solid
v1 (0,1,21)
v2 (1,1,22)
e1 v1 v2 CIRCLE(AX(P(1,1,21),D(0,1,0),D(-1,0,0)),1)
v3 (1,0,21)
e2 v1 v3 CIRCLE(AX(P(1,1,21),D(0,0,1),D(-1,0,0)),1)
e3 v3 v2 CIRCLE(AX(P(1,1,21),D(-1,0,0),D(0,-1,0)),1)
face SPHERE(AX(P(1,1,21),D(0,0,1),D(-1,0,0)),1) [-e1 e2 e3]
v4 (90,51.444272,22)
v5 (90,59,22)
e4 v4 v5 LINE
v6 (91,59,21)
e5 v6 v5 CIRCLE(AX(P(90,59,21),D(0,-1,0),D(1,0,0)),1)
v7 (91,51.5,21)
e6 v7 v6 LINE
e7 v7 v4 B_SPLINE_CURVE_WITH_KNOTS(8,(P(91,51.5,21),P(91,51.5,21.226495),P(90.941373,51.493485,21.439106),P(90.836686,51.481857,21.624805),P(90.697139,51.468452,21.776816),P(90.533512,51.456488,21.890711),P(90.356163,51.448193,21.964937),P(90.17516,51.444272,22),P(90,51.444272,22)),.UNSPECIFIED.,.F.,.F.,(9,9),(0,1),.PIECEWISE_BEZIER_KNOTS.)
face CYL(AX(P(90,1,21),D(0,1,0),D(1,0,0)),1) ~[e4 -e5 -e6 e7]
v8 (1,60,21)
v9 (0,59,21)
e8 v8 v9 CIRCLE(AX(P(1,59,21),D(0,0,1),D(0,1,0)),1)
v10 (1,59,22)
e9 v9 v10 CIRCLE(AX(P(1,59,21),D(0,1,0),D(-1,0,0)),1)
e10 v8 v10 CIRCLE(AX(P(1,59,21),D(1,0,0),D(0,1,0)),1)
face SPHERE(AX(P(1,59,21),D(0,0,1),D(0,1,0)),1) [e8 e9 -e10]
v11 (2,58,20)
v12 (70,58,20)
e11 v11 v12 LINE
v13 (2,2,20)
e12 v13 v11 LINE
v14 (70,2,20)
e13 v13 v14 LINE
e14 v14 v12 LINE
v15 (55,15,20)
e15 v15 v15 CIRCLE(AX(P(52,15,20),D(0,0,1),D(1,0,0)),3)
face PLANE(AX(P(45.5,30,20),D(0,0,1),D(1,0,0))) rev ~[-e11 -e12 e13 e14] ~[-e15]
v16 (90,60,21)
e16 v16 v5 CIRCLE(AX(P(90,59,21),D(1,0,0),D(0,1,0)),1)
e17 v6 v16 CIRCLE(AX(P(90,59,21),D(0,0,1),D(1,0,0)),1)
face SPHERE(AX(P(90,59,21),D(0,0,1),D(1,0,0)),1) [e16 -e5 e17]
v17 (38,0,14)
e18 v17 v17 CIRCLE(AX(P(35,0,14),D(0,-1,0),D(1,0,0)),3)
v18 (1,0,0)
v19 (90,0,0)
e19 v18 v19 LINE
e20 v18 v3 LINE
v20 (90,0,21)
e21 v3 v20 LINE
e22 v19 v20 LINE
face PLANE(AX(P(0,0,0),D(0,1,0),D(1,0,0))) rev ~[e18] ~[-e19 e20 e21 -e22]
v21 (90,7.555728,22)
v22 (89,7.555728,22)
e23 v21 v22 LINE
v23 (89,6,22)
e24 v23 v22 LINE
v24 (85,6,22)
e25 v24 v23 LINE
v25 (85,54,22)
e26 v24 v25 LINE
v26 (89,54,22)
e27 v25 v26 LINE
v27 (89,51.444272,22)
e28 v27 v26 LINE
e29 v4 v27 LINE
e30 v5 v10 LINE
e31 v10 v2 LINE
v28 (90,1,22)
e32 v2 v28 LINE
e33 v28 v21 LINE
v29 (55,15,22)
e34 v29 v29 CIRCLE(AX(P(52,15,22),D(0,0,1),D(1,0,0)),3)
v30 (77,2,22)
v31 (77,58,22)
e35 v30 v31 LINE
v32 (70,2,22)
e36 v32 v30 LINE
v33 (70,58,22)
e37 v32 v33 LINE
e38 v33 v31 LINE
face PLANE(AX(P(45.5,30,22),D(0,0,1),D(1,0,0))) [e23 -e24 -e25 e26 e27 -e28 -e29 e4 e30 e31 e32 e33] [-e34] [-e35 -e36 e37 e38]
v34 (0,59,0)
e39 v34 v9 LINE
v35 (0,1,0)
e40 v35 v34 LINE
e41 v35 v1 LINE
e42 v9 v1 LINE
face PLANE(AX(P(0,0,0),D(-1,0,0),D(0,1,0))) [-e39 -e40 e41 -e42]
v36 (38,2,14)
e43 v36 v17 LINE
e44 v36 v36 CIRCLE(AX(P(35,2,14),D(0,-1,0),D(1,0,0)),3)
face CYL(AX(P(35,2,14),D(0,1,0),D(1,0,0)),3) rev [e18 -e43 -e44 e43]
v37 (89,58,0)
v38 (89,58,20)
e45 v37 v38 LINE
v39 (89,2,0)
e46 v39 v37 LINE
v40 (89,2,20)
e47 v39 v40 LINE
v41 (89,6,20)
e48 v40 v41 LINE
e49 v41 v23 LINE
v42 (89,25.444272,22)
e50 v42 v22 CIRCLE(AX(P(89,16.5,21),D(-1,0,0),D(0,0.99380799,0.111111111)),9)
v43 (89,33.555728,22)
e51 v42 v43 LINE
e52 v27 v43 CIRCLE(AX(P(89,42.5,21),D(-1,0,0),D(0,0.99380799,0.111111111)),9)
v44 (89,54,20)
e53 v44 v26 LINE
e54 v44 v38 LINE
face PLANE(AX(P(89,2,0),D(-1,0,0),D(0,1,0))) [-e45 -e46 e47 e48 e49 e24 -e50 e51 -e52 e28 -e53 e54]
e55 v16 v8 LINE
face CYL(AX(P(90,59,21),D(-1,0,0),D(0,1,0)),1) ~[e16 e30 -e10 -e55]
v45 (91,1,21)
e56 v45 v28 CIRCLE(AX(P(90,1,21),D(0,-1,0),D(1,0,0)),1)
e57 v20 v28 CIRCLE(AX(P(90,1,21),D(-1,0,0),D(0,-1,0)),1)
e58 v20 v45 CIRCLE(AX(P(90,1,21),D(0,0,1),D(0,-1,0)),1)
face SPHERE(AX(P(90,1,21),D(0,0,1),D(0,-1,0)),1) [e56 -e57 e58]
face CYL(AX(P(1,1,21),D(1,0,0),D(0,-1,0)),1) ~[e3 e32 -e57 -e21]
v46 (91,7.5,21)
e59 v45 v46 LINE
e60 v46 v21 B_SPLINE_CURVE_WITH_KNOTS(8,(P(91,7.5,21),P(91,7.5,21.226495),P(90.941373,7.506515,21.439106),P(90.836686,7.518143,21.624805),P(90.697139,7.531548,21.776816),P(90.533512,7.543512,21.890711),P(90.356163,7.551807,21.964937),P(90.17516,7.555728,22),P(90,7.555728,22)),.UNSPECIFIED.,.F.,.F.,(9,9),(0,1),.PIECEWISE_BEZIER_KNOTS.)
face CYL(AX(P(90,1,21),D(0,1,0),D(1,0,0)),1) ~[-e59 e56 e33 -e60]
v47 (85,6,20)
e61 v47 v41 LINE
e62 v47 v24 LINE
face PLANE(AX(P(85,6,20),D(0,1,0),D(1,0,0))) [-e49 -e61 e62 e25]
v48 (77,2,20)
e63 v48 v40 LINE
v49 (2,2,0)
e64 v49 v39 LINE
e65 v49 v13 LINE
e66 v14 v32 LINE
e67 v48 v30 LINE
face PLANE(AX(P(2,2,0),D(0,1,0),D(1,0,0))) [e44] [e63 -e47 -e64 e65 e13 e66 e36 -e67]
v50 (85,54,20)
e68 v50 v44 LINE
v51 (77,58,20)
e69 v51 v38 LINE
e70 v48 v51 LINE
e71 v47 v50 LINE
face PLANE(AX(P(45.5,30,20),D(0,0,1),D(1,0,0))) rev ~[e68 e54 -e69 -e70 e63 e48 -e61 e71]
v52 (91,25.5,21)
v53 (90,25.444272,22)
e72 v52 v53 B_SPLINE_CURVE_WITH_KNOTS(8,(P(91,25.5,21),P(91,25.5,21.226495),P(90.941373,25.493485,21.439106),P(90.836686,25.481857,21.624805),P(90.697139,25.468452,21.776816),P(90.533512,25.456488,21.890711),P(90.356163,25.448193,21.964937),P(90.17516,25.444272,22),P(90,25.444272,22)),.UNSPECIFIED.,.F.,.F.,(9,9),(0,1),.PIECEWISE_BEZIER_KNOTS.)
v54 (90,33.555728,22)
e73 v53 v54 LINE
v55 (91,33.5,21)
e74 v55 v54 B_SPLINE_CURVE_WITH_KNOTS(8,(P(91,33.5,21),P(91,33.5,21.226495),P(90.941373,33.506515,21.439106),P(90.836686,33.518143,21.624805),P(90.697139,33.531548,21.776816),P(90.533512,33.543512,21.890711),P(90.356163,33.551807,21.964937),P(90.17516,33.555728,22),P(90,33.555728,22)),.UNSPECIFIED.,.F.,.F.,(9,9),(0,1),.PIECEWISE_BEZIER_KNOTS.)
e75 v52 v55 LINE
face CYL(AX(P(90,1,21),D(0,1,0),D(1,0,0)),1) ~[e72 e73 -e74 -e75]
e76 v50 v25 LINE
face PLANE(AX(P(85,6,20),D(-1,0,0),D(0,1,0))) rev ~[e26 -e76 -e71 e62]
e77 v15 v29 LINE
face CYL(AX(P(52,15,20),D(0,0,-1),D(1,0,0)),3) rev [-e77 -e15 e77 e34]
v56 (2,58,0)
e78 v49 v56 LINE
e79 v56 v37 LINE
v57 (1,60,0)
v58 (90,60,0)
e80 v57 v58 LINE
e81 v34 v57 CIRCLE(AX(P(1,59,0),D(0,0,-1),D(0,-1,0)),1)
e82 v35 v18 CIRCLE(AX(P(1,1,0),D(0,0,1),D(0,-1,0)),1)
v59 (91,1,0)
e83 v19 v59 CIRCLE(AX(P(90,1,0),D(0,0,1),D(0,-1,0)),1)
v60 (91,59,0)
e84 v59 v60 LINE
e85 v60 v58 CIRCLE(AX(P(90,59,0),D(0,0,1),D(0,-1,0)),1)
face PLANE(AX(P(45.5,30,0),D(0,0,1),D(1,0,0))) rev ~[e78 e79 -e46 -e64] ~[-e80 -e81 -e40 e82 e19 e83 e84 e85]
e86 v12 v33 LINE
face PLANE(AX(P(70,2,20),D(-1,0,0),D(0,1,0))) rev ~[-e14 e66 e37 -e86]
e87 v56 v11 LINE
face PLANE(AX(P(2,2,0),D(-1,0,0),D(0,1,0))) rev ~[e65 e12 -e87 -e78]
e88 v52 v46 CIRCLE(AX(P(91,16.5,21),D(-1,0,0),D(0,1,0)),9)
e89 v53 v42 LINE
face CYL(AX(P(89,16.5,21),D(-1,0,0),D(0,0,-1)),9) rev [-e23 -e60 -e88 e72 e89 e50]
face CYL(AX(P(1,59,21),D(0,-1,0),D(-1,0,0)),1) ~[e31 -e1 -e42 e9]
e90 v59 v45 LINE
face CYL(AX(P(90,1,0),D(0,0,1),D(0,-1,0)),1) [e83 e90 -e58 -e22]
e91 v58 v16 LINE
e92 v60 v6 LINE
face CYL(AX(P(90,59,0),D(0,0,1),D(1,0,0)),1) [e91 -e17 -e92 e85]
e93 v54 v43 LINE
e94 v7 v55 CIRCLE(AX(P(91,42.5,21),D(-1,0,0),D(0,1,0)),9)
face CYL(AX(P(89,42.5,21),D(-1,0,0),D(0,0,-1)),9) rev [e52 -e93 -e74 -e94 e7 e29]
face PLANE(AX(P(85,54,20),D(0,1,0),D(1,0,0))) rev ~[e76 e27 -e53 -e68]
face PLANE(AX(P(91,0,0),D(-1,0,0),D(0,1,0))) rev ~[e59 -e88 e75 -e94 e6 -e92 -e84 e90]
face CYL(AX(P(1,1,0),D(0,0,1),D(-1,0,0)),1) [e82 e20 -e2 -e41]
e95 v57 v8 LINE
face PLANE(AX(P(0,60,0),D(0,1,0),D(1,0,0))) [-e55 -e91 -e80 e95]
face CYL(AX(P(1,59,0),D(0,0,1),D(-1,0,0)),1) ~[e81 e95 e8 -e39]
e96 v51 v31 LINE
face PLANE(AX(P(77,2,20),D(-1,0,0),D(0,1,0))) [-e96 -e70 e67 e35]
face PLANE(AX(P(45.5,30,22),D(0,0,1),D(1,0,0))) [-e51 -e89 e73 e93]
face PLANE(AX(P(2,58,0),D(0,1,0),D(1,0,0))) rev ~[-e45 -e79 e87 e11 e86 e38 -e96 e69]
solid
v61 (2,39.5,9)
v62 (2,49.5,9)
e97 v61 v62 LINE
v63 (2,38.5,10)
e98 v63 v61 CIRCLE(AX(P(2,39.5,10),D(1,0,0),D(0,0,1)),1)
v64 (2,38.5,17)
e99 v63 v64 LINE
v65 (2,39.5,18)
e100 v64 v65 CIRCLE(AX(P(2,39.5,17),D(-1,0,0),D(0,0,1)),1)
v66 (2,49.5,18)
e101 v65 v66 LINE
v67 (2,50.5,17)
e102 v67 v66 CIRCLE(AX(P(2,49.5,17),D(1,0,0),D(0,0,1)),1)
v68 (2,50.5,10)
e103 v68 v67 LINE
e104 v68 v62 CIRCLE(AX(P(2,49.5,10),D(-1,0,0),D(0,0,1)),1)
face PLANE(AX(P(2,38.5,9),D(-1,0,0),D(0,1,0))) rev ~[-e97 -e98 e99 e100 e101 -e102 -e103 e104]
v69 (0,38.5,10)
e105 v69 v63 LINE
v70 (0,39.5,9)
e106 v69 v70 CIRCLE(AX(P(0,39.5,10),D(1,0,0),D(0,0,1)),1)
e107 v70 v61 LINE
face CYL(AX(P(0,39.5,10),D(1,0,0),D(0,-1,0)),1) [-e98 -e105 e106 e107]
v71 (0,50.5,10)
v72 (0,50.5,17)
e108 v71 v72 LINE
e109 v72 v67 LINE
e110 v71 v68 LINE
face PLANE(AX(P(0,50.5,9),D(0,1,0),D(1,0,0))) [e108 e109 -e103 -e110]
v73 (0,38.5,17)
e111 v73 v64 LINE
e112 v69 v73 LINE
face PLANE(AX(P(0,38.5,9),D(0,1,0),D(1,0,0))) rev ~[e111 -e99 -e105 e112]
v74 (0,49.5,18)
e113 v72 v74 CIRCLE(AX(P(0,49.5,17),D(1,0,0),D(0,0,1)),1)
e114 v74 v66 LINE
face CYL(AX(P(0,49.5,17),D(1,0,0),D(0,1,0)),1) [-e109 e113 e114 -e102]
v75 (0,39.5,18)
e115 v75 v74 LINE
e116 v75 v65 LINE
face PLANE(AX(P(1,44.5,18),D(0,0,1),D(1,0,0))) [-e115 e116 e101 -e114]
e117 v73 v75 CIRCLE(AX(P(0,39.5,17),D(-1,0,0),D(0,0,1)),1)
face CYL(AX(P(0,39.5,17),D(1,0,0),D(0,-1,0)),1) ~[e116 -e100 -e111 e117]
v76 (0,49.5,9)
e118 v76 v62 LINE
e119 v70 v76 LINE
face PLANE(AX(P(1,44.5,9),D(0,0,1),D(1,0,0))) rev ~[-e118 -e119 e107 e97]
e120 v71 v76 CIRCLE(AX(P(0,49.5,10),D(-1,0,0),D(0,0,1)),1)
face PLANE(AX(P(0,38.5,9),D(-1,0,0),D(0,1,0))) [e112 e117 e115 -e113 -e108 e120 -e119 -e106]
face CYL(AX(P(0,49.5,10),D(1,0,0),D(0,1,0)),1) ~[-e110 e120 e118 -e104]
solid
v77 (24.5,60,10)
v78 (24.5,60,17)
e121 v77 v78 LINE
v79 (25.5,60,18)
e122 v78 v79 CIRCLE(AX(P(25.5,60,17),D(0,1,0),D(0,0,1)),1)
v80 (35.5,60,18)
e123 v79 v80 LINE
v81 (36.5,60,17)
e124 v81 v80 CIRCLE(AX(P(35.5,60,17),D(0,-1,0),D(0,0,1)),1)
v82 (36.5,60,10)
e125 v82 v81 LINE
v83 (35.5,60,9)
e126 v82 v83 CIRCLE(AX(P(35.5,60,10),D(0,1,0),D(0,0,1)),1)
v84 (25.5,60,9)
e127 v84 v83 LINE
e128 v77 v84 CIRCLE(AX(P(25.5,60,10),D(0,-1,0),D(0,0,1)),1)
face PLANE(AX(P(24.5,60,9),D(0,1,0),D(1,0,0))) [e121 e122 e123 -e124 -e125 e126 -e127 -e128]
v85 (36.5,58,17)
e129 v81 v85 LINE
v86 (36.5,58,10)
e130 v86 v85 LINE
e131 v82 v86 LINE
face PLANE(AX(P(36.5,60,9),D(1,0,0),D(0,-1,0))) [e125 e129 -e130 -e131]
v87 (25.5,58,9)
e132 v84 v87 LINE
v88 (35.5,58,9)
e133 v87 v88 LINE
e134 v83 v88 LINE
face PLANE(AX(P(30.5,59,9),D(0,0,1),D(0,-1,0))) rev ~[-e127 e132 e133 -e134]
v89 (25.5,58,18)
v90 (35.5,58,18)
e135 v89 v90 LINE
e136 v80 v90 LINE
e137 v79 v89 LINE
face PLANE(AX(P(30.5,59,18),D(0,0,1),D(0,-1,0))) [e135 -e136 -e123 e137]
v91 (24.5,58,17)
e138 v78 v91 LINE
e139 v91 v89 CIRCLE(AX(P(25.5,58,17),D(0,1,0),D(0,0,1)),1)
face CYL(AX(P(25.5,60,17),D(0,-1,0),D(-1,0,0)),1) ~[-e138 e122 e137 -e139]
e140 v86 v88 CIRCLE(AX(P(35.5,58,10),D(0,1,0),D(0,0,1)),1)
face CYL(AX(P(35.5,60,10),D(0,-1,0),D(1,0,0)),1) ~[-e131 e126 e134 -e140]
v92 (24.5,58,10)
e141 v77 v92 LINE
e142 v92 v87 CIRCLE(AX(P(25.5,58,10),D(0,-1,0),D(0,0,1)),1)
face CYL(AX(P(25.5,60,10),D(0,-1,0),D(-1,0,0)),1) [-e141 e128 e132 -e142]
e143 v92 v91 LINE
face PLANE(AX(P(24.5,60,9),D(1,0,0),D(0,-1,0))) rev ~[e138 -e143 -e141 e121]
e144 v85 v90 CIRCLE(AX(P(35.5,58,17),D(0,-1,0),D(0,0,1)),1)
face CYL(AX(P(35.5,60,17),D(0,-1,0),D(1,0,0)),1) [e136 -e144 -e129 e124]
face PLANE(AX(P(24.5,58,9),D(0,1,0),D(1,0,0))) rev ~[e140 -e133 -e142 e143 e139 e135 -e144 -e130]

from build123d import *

# Parameters (mm, degrees)
CYLINDER_R                = 3
CYLINDER_DEPTH            = 2
CYLINDER_ROLL_ANGLE       = 90
CYLINDER002_R             = 9
CYLINDER002_DEPTH         = 2
CYLINDER002_PITCH_ANGLE   = 90
CYLINDER003_R             = 9
CYLINDER003_DEPTH         = 2
CYLINDER003_PITCH_ANGLE   = 90
BOX003_W                  = 4
BOX003_H                  = 48
BOX003_DEPTH              = 2
BOX002_W                  = 7
BOX002_H                  = 56
BOX002_DEPTH              = 2
CYLINDER001_R             = 3
CYLINDER001_DEPTH         = 2
BOX001_W                  = 87
BOX001_H                  = 56
BOX001_DEPTH              = 20
BOX_W                     = 91
BOX_H                     = 60
BOX_DEPTH                 = 22
FILLET_R                  = 1
FILLET001_R               = 1
FILLET002_R               = 1
FILLET003_R               = 1
FILLET004_R               = 1
BOX004_W                  = 2
BOX004_H                  = 12
BOX004_DEPTH              = 9
FILLET005_R               = 1
BOX005_W                  = 2
BOX005_H                  = 12
BOX005_DEPTH              = 9
FILLET006_R               = 1
FILLET006_PLACEMENT_ANGLE = -90


with BuildPart() as cilindro:
    # Cylinder → Cylinder (new body)
    with BuildSketch(Plane.XY):
        Circle(CYLINDER_R)
    extrude(amount=CYLINDER_DEPTH)


with BuildPart() as cilindro_1:
    # Cylinder roll: moved
    add(cilindro.part.rotate(Axis((0, 0, 0), (1, 0, 0)), CYLINDER_ROLL_ANGLE))


with BuildPart() as cilindro_2:
    # Cylinder placement: moved
    add(cilindro_1.part.moved(Location((35, 2, 14))))


with BuildPart() as cilindro002:
    # Cylinder002 → Cylinder002 (new body)
    with BuildSketch(Plane.XY):
        Circle(CYLINDER002_R)
    extrude(amount=CYLINDER002_DEPTH)


with BuildPart() as cilindro002_1:
    # Cylinder002 pitch: moved
    add(cilindro002.part.rotate(Axis((0, 0, 0), (0, 1, 0)), CYLINDER002_PITCH_ANGLE))


with BuildPart() as cilindro002_2:
    # Cylinder002 placement: moved
    add(cilindro002_1.part.moved(Location((89, 16.5, 21))))


with BuildPart() as cilindro003:
    # Cylinder003 → Cylinder003 (new body)
    with BuildSketch(Plane.XY):
        Circle(CYLINDER003_R)
    extrude(amount=CYLINDER003_DEPTH)


with BuildPart() as cilindro003_1:
    # Cylinder003 pitch: moved
    add(cilindro003.part.rotate(Axis((0, 0, 0), (0, 1, 0)), CYLINDER003_PITCH_ANGLE))


with BuildPart() as cilindro003_2:
    # Cylinder003 placement: moved
    add(cilindro003_1.part.moved(Location((89, 42.5, 21))))


with BuildPart() as cubo001:
    # Box003 → Box003 (new body)
    with BuildSketch(Plane(origin=(85, 6, 20), x_dir=(1, 0, 0), z_dir=(0, 0, 1))):
        with Locations((2, 24)):
            Rectangle(BOX003_W, BOX003_H)
    extrude(amount=BOX003_DEPTH)


with BuildPart() as cubo:
    # Box002 → Box002 (new body)
    with BuildSketch(Plane(origin=(70, 2, 20), x_dir=(1, 0, 0), z_dir=(0, 0, 1))):
        with Locations((3.5, 28)):
            Rectangle(BOX002_W, BOX002_H)
    extrude(amount=BOX002_DEPTH)


with BuildPart() as fusion:
    # Cylinder001 → Cylinder001 (new body)
    with BuildSketch(Plane(origin=(52, 15, 20), x_dir=(1, 0, 0), z_dir=(0, 0, 1))):
        Circle(CYLINDER001_R)
    extrude(amount=CYLINDER001_DEPTH)

    # Fusion: union Cilindro, Cilindro002, Cilindro003, Cubo001, Cubo
    add(cilindro_2.part)
    add(cilindro002_2.part)
    add(cilindro003_2.part)
    add(cubo001.part)
    add(cubo.part)


with BuildPart() as interior:
    # Box001 → Box001 (new body)
    with BuildSketch(Plane(origin=(2, 2, 0), x_dir=(1, 0, 0), z_dir=(0, 0, 1))):
        with Locations((43.5, 28)):
            Rectangle(BOX001_W, BOX001_H)
    extrude(amount=BOX001_DEPTH)


with BuildPart() as cut001:
    # Box → Box (new body)
    with BuildSketch(Plane.XY):
        with Locations((45.5, 30)):
            Rectangle(BOX_W, BOX_H)
    extrude(amount=BOX_DEPTH)

    # Cut: cut Interior
    add(interior.part, mode=Mode.SUBTRACT)

    # Fillet
    fillet_edges = [cut001.edges().sort_by_distance(p)[0] for p in [
        (0, 0, 11),
    ]]
    fillet(fillet_edges, radius=FILLET_R)

    # Fillet001
    fillet001_edges = [cut001.edges().sort_by_distance(p)[0] for p in [
        (0, 60, 11),
    ]]
    fillet(fillet001_edges, radius=FILLET001_R)

    # Fillet002
    fillet002_edges = [cut001.edges().sort_by_distance(p)[0] for p in [
        (91, 0, 11),
    ]]
    fillet(fillet002_edges, radius=FILLET002_R)

    # Fillet003
    fillet003_edges = [cut001.edges().sort_by_distance(p)[0] for p in [
        (91, 60, 11),
    ]]
    fillet(fillet003_edges, radius=FILLET003_R)

    # Fillet004
    fillet004_edges = [cut001.edges().sort_by_distance(p)[0] for p in [
        (45.5, 0, 22),
    ]]
    fillet(fillet004_edges, radius=FILLET004_R)

    # Cut001: cut Fusion
    add(fusion.part, mode=Mode.SUBTRACT)


with BuildPart() as fillet005:
    # Box004 → Box004 (new body)
    with BuildSketch(Plane(origin=(0, 38.5, 9), x_dir=(1, 0, 0), z_dir=(0, 0, 1))):
        with Locations((1, 6)):
            Rectangle(BOX004_W, BOX004_H)
    extrude(amount=BOX004_DEPTH)

    # Fillet005
    fillet005_edges = [fillet005.edges().sort_by_distance(p)[0] for p in [
        (1, 38.5, 9),
        (1, 38.5, 18),
        (1, 50.5, 9),
        (1, 50.5, 18),
    ]]
    fillet(fillet005_edges, radius=FILLET005_R)


with BuildPart() as fillet006:
    # Box005 → Box005 (new body)
    with BuildSketch(Plane(origin=(0, 38.5, 9), x_dir=(1, 0, 0), z_dir=(0, 0, 1))):
        with Locations((1, 6)):
            Rectangle(BOX005_W, BOX005_H)
    extrude(amount=BOX005_DEPTH)

    # Fillet006
    fillet006_edges = [fillet006.edges().sort_by_distance(p)[0] for p in [
        (1, 38.5, 9),
        (1, 38.5, 18),
        (1, 50.5, 9),
        (1, 50.5, 18),
    ]]
    fillet(fillet006_edges, radius=FILLET006_R)


with BuildPart() as fillet006_1:
    # Fillet006 placement: moved
    add(fillet006.part.moved(Location((-14, 60, 0))).rotate(Axis((-14, 60, 0), (0, 0, 1)), FILLET006_PLACEMENT_ANGLE))


solid = Compound([cut001.part, fillet005.part, fillet006_1.part])
